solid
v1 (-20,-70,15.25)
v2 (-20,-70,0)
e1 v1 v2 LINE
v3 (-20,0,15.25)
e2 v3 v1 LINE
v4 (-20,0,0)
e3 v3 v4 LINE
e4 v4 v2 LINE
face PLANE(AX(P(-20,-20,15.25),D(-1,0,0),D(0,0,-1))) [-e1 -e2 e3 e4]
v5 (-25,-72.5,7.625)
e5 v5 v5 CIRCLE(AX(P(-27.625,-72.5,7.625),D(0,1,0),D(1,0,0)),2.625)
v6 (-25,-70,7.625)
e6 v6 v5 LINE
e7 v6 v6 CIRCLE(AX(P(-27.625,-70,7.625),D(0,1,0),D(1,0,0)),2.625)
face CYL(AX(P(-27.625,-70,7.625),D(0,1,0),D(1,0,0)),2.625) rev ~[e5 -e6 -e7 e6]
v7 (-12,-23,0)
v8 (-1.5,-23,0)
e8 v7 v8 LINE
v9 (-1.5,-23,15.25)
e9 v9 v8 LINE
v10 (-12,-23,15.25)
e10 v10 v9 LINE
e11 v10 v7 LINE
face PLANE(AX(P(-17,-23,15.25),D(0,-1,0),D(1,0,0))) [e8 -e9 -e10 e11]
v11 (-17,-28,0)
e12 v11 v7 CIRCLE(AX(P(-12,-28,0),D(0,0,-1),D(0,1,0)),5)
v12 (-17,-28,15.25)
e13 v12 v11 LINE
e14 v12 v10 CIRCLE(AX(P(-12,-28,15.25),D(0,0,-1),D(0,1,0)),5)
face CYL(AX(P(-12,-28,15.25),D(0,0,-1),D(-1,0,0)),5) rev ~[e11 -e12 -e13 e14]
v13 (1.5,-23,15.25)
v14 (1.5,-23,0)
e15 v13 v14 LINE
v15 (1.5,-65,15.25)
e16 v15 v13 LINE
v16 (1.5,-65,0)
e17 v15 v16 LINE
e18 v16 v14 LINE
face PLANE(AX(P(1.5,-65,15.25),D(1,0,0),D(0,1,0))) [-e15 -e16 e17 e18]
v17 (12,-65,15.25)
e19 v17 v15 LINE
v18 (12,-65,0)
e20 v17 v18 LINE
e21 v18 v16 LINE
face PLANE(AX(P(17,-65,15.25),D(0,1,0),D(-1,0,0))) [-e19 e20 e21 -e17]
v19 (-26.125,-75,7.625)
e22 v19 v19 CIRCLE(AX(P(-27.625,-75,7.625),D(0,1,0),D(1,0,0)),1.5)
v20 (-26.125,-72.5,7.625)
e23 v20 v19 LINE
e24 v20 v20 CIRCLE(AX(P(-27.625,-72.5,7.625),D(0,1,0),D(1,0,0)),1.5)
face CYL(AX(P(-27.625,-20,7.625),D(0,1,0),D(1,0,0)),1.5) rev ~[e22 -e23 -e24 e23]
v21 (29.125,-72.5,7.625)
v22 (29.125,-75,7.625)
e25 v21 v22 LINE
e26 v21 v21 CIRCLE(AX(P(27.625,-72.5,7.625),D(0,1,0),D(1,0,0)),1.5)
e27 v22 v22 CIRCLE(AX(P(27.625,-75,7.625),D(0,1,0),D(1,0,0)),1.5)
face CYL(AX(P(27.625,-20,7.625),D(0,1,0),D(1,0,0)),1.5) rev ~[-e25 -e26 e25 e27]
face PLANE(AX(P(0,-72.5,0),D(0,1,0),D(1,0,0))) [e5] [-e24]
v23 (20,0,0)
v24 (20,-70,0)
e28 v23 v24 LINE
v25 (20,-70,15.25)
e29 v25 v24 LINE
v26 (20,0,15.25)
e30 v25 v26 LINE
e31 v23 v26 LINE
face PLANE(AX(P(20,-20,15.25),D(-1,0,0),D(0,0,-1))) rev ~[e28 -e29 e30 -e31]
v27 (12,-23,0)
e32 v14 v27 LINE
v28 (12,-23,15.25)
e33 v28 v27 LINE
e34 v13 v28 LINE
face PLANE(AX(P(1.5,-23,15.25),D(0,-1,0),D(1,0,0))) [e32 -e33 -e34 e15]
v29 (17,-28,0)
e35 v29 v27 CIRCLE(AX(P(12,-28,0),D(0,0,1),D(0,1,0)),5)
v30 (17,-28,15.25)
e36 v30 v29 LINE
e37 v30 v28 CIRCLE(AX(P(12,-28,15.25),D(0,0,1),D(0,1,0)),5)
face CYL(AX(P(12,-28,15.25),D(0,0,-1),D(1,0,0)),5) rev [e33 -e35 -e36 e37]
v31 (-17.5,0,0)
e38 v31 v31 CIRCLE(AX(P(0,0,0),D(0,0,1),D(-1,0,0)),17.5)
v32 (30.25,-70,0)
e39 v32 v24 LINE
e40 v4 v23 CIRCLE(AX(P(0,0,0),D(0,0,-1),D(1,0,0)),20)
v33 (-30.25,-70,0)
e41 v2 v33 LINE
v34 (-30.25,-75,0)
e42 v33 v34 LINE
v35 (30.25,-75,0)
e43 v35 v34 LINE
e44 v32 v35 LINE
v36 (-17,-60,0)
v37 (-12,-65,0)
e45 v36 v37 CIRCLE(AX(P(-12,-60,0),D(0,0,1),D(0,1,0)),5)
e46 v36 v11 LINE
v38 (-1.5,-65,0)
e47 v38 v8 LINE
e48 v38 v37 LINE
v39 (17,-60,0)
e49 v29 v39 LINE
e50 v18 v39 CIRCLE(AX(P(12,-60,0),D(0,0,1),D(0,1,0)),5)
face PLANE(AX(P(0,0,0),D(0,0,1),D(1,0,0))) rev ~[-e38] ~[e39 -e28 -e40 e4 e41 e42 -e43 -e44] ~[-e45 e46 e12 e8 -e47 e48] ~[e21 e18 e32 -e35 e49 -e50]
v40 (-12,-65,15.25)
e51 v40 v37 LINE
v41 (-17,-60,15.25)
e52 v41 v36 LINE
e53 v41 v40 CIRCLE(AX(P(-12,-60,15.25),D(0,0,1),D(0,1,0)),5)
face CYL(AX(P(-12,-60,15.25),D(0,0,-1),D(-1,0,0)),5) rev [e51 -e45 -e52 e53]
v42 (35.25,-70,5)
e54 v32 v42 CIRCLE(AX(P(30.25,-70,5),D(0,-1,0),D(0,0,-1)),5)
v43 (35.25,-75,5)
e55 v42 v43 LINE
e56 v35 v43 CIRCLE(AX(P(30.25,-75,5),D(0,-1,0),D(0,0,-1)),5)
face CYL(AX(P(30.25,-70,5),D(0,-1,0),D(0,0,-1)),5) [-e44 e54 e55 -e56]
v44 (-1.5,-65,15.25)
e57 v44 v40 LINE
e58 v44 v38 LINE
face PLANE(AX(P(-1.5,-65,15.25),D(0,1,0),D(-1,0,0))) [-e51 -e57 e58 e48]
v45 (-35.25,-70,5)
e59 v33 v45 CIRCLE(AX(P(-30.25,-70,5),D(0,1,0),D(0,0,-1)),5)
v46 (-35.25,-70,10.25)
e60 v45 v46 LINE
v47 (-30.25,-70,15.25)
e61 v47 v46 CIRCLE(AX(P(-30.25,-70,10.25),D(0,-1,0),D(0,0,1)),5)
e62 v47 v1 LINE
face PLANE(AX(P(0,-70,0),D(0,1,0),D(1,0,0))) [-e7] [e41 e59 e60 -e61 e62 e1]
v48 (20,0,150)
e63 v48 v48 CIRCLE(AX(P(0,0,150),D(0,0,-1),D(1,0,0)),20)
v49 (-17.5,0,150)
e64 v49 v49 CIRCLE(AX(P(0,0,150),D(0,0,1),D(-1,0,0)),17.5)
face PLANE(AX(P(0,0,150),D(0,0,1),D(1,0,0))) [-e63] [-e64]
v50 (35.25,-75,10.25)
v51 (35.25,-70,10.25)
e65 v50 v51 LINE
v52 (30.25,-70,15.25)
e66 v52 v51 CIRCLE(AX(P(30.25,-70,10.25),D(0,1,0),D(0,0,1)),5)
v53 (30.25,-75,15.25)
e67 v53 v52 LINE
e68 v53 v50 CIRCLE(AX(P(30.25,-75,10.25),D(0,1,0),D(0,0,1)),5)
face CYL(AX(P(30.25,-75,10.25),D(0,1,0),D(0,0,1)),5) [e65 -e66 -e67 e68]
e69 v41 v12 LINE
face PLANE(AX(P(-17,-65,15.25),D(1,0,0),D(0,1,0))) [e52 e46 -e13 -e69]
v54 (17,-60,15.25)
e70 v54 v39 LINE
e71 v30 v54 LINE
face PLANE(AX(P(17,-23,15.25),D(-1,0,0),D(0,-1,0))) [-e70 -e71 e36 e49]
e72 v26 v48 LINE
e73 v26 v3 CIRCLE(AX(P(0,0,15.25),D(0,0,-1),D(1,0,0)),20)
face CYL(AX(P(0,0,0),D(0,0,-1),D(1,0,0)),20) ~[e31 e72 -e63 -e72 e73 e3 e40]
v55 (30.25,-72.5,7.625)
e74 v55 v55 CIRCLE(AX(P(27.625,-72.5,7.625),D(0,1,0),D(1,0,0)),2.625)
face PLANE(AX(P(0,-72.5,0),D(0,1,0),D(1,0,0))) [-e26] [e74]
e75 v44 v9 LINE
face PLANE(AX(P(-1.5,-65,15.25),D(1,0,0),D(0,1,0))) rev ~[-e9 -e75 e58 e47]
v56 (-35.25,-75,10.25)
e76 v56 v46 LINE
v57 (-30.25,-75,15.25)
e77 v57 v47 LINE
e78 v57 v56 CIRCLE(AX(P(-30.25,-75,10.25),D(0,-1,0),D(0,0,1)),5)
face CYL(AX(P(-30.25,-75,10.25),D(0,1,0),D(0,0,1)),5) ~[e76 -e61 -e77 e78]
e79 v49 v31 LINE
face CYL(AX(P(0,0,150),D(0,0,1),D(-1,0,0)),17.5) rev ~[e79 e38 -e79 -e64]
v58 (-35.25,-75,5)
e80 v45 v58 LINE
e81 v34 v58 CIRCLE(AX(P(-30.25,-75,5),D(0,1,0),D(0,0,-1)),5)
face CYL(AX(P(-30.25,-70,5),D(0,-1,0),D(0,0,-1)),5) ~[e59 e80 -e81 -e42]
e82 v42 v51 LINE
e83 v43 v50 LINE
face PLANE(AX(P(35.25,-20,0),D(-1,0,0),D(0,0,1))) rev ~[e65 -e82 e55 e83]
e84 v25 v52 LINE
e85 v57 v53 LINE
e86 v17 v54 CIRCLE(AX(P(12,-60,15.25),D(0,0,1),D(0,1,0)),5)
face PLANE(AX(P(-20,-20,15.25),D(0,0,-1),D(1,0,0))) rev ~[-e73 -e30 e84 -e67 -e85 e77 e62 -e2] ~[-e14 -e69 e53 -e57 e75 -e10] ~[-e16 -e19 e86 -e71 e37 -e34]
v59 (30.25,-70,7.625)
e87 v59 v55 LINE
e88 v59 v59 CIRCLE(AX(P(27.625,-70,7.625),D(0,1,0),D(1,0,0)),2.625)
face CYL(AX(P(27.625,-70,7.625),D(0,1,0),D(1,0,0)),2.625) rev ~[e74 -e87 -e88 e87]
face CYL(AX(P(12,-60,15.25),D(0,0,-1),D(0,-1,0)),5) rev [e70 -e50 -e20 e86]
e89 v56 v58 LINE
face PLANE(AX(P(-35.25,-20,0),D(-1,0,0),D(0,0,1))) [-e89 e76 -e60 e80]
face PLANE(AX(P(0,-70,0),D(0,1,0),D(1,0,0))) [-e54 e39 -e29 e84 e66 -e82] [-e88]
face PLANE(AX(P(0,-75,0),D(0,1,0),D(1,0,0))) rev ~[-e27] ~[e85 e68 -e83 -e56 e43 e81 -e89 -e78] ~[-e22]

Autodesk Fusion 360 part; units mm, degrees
sketch "Sketch1" plane through (0, 0, 0) normal (0, 0, 1) x (1, 0, 0)
  circle A0 centre (0, 0) radius 20
  dimension "d1" = 40
extrude "Extrude1" add sketch "Sketch1" along normal blind 150 makes body 1
sketch "Sketch2" plane through (0, 0, 0) normal (0, 1, 0) x (1, 0, 0)
  line L0 (-20, 0) -> (20, 0) construction
  line L1 (-20, -150) -> (20, -150) construction
  line L2 (0, -150) -> (0, 0) construction
  line L3 (-20, -150) -> (-20, 0) construction
  line L4 (-20, 0) -> (-35.25, 0)
  line L5 (-35.25, 0) -> (-35.25, -15.25)
  line L6 (-35.25, -15.25) -> (-20, -15.25)
  line L7 (-27.625, -15.25) -> (-27.625, 0) construction
  circle A0 centre (-27.625, -7.625) radius 2.625
  circle A1 centre (-27.625, -7.625) radius 1.5
  line L8 (-20, -15.25) -> (0, -15.25)
  line L9 (-20, 0) -> (0, 0)
  line L10 (20, -15.25) -> (0, -15.25)
  line L11 (35.25, -15.25) -> (20, -15.25)
  line L12 (35.25, 0) -> (35.25, -15.25)
  line L13 (20, 0) -> (35.25, 0)
  line L14 (20, 0) -> (0, 0)
  circle A2 centre (27.625, -7.625) radius 2.625
  circle A3 centre (27.625, -7.625) radius 1.5
  line L15 (20, -15.25) -> (20, 0)
  line L16 (-20, -15.25) -> (-20, 0)
  line L17 (20, -15.25) -> (20, 0)
  line L18 (-20, -15.25) -> (-20, 0)
  point P0 (-27.625, -7.625)
  dimension "d5" = 5.25
  dimension "d6" = 3
  dimension "d7" = 5
  dimension "d8" = 5
  dimension "d13" = 5
ref_plane "WorkPlane1" through (0, -20, 103.4458) normal (0, -1, 0) x (-1, 0, 0)
extrude "Extrude2" add sketch "Sketch2" against normal blind 55 from surface at -20 separate body contours L4 L5 L6 L16 L18 | L8 L9 L10 L14 L15 L16 L17 L18 | L11 L12 L13 L15 L17 | A0 | A2 makes body 2
extrude "Extrude3" add sketch "Sketch2" along normal blind 20 from surface at -20 contours L8 L9 L10 L14 L15 L16 L17 L18 bodies 1 2
move_face "OffsetFaces1" offset -50 2 faces at (27.6624, -20, 13.2069) (-27.5876, -20, 13.2069) on bodies 1
extrude "Extrude4" cut sketch "Sketch2" against normal blind 2.5 from surface at -70 contours A0 | A2 bodies 1
fillet "Fillet1" radius 5 4 edges at (35.25, -72.5, 15.25) (35.25, -72.5, 0) (-35.25, -72.5, 15.25) (-35.25, -72.5, 0) on bodies 1
sketch "Sketch3" plane through (0, 0, 15.25) normal (0, 0, 1) x (-1, 0, 0)
  line L0 (30.25, 70) -> (30.25, 75)
  line L1 (30.25, 75) -> (-30.25, 75)
  line L2 (-30.25, 75) -> (-30.25, 70)
  line L3 (-30.25, 70) -> (-20, 70)
  line L4 (-20, 70) -> (-20, 0)
  arc A0 (20, 0) -> (-20, 0) centre (0, 0) ccw
  line L5 (20, 0) -> (20, 70)
  line L6 (20, 70) -> (30.25, 70)
  line L7 (-30.25, 75) -> (30.25, 75)
  line L8 (20, 70) -> (20, 0)
  line L9 (-20, 70) -> (-20, 0)
  circle A1 centre (0, 0) radius 20
  line L10 (0, 75) -> (0, 20) construction
  line L11 (17, 23) -> (-17, 23)
  line L12 (-17, 23) -> (-17, 65)
  line L13 (-17, 65) -> (17, 65)
  line L14 (17, 65) -> (17, 23)
  circle A2 centre (0, 0) radius 17.5
  line L15 (-1.5, 65) -> (-1.5, 23)
  line L16 (1.5, 65) -> (1.5, 23)
  dimension "d23" = 3
  dimension "d24" = 3
  dimension "d25" = 5
  dimension "d26" = 3
  dimension "d31" = -2.5
  dimension "d41" = 1.5
extrude "Extrude5" cut sketch "Sketch3" against normal up to surface (15.25 mm away) contours L11 L13 L14 L16 | L11 L12 L13 L15 bodies 1
fillet "Fillet2" radius 5 4 edges at (-17, -65, 7.625) (-17, -23, 7.625) (17, -23, 7.625) (17, -65, 7.625) on bodies 1
extrude "Extrude6" cut sketch "Sketch3" against normal up to surface (150 mm away) from surface at 134.75 contours A2 bodies 1
sketch "Sketch4" plane through (20, 0, 0) normal (1, 0, 0) x (0, 1, 0)
  line L0 (-70, 15.25) -> (-70, 0)
  line L1 (-70, 0) -> (0, 0)
  line L2 (0, 0) -> (0, 15.25)
  line L3 (0, 15.25) -> (-70, 15.25)
  line L4 (-66, 4) -> (-4, 4)
  line L5 (-4, 4) -> (-4, 11.25)
  line L6 (-4, 11.25) -> (-66, 11.25)
  line L7 (-66, 11.25) -> (-66, 4)
  line L8 (0, 15.25) -> (-20, 15.25)
  line L9 (-20, 15.25) -> (-20, 0) construction
  line L10 (-24, 15.25) -> (-24, 0)
  dimension "d35" = -4
  dimension "d36" = 4
